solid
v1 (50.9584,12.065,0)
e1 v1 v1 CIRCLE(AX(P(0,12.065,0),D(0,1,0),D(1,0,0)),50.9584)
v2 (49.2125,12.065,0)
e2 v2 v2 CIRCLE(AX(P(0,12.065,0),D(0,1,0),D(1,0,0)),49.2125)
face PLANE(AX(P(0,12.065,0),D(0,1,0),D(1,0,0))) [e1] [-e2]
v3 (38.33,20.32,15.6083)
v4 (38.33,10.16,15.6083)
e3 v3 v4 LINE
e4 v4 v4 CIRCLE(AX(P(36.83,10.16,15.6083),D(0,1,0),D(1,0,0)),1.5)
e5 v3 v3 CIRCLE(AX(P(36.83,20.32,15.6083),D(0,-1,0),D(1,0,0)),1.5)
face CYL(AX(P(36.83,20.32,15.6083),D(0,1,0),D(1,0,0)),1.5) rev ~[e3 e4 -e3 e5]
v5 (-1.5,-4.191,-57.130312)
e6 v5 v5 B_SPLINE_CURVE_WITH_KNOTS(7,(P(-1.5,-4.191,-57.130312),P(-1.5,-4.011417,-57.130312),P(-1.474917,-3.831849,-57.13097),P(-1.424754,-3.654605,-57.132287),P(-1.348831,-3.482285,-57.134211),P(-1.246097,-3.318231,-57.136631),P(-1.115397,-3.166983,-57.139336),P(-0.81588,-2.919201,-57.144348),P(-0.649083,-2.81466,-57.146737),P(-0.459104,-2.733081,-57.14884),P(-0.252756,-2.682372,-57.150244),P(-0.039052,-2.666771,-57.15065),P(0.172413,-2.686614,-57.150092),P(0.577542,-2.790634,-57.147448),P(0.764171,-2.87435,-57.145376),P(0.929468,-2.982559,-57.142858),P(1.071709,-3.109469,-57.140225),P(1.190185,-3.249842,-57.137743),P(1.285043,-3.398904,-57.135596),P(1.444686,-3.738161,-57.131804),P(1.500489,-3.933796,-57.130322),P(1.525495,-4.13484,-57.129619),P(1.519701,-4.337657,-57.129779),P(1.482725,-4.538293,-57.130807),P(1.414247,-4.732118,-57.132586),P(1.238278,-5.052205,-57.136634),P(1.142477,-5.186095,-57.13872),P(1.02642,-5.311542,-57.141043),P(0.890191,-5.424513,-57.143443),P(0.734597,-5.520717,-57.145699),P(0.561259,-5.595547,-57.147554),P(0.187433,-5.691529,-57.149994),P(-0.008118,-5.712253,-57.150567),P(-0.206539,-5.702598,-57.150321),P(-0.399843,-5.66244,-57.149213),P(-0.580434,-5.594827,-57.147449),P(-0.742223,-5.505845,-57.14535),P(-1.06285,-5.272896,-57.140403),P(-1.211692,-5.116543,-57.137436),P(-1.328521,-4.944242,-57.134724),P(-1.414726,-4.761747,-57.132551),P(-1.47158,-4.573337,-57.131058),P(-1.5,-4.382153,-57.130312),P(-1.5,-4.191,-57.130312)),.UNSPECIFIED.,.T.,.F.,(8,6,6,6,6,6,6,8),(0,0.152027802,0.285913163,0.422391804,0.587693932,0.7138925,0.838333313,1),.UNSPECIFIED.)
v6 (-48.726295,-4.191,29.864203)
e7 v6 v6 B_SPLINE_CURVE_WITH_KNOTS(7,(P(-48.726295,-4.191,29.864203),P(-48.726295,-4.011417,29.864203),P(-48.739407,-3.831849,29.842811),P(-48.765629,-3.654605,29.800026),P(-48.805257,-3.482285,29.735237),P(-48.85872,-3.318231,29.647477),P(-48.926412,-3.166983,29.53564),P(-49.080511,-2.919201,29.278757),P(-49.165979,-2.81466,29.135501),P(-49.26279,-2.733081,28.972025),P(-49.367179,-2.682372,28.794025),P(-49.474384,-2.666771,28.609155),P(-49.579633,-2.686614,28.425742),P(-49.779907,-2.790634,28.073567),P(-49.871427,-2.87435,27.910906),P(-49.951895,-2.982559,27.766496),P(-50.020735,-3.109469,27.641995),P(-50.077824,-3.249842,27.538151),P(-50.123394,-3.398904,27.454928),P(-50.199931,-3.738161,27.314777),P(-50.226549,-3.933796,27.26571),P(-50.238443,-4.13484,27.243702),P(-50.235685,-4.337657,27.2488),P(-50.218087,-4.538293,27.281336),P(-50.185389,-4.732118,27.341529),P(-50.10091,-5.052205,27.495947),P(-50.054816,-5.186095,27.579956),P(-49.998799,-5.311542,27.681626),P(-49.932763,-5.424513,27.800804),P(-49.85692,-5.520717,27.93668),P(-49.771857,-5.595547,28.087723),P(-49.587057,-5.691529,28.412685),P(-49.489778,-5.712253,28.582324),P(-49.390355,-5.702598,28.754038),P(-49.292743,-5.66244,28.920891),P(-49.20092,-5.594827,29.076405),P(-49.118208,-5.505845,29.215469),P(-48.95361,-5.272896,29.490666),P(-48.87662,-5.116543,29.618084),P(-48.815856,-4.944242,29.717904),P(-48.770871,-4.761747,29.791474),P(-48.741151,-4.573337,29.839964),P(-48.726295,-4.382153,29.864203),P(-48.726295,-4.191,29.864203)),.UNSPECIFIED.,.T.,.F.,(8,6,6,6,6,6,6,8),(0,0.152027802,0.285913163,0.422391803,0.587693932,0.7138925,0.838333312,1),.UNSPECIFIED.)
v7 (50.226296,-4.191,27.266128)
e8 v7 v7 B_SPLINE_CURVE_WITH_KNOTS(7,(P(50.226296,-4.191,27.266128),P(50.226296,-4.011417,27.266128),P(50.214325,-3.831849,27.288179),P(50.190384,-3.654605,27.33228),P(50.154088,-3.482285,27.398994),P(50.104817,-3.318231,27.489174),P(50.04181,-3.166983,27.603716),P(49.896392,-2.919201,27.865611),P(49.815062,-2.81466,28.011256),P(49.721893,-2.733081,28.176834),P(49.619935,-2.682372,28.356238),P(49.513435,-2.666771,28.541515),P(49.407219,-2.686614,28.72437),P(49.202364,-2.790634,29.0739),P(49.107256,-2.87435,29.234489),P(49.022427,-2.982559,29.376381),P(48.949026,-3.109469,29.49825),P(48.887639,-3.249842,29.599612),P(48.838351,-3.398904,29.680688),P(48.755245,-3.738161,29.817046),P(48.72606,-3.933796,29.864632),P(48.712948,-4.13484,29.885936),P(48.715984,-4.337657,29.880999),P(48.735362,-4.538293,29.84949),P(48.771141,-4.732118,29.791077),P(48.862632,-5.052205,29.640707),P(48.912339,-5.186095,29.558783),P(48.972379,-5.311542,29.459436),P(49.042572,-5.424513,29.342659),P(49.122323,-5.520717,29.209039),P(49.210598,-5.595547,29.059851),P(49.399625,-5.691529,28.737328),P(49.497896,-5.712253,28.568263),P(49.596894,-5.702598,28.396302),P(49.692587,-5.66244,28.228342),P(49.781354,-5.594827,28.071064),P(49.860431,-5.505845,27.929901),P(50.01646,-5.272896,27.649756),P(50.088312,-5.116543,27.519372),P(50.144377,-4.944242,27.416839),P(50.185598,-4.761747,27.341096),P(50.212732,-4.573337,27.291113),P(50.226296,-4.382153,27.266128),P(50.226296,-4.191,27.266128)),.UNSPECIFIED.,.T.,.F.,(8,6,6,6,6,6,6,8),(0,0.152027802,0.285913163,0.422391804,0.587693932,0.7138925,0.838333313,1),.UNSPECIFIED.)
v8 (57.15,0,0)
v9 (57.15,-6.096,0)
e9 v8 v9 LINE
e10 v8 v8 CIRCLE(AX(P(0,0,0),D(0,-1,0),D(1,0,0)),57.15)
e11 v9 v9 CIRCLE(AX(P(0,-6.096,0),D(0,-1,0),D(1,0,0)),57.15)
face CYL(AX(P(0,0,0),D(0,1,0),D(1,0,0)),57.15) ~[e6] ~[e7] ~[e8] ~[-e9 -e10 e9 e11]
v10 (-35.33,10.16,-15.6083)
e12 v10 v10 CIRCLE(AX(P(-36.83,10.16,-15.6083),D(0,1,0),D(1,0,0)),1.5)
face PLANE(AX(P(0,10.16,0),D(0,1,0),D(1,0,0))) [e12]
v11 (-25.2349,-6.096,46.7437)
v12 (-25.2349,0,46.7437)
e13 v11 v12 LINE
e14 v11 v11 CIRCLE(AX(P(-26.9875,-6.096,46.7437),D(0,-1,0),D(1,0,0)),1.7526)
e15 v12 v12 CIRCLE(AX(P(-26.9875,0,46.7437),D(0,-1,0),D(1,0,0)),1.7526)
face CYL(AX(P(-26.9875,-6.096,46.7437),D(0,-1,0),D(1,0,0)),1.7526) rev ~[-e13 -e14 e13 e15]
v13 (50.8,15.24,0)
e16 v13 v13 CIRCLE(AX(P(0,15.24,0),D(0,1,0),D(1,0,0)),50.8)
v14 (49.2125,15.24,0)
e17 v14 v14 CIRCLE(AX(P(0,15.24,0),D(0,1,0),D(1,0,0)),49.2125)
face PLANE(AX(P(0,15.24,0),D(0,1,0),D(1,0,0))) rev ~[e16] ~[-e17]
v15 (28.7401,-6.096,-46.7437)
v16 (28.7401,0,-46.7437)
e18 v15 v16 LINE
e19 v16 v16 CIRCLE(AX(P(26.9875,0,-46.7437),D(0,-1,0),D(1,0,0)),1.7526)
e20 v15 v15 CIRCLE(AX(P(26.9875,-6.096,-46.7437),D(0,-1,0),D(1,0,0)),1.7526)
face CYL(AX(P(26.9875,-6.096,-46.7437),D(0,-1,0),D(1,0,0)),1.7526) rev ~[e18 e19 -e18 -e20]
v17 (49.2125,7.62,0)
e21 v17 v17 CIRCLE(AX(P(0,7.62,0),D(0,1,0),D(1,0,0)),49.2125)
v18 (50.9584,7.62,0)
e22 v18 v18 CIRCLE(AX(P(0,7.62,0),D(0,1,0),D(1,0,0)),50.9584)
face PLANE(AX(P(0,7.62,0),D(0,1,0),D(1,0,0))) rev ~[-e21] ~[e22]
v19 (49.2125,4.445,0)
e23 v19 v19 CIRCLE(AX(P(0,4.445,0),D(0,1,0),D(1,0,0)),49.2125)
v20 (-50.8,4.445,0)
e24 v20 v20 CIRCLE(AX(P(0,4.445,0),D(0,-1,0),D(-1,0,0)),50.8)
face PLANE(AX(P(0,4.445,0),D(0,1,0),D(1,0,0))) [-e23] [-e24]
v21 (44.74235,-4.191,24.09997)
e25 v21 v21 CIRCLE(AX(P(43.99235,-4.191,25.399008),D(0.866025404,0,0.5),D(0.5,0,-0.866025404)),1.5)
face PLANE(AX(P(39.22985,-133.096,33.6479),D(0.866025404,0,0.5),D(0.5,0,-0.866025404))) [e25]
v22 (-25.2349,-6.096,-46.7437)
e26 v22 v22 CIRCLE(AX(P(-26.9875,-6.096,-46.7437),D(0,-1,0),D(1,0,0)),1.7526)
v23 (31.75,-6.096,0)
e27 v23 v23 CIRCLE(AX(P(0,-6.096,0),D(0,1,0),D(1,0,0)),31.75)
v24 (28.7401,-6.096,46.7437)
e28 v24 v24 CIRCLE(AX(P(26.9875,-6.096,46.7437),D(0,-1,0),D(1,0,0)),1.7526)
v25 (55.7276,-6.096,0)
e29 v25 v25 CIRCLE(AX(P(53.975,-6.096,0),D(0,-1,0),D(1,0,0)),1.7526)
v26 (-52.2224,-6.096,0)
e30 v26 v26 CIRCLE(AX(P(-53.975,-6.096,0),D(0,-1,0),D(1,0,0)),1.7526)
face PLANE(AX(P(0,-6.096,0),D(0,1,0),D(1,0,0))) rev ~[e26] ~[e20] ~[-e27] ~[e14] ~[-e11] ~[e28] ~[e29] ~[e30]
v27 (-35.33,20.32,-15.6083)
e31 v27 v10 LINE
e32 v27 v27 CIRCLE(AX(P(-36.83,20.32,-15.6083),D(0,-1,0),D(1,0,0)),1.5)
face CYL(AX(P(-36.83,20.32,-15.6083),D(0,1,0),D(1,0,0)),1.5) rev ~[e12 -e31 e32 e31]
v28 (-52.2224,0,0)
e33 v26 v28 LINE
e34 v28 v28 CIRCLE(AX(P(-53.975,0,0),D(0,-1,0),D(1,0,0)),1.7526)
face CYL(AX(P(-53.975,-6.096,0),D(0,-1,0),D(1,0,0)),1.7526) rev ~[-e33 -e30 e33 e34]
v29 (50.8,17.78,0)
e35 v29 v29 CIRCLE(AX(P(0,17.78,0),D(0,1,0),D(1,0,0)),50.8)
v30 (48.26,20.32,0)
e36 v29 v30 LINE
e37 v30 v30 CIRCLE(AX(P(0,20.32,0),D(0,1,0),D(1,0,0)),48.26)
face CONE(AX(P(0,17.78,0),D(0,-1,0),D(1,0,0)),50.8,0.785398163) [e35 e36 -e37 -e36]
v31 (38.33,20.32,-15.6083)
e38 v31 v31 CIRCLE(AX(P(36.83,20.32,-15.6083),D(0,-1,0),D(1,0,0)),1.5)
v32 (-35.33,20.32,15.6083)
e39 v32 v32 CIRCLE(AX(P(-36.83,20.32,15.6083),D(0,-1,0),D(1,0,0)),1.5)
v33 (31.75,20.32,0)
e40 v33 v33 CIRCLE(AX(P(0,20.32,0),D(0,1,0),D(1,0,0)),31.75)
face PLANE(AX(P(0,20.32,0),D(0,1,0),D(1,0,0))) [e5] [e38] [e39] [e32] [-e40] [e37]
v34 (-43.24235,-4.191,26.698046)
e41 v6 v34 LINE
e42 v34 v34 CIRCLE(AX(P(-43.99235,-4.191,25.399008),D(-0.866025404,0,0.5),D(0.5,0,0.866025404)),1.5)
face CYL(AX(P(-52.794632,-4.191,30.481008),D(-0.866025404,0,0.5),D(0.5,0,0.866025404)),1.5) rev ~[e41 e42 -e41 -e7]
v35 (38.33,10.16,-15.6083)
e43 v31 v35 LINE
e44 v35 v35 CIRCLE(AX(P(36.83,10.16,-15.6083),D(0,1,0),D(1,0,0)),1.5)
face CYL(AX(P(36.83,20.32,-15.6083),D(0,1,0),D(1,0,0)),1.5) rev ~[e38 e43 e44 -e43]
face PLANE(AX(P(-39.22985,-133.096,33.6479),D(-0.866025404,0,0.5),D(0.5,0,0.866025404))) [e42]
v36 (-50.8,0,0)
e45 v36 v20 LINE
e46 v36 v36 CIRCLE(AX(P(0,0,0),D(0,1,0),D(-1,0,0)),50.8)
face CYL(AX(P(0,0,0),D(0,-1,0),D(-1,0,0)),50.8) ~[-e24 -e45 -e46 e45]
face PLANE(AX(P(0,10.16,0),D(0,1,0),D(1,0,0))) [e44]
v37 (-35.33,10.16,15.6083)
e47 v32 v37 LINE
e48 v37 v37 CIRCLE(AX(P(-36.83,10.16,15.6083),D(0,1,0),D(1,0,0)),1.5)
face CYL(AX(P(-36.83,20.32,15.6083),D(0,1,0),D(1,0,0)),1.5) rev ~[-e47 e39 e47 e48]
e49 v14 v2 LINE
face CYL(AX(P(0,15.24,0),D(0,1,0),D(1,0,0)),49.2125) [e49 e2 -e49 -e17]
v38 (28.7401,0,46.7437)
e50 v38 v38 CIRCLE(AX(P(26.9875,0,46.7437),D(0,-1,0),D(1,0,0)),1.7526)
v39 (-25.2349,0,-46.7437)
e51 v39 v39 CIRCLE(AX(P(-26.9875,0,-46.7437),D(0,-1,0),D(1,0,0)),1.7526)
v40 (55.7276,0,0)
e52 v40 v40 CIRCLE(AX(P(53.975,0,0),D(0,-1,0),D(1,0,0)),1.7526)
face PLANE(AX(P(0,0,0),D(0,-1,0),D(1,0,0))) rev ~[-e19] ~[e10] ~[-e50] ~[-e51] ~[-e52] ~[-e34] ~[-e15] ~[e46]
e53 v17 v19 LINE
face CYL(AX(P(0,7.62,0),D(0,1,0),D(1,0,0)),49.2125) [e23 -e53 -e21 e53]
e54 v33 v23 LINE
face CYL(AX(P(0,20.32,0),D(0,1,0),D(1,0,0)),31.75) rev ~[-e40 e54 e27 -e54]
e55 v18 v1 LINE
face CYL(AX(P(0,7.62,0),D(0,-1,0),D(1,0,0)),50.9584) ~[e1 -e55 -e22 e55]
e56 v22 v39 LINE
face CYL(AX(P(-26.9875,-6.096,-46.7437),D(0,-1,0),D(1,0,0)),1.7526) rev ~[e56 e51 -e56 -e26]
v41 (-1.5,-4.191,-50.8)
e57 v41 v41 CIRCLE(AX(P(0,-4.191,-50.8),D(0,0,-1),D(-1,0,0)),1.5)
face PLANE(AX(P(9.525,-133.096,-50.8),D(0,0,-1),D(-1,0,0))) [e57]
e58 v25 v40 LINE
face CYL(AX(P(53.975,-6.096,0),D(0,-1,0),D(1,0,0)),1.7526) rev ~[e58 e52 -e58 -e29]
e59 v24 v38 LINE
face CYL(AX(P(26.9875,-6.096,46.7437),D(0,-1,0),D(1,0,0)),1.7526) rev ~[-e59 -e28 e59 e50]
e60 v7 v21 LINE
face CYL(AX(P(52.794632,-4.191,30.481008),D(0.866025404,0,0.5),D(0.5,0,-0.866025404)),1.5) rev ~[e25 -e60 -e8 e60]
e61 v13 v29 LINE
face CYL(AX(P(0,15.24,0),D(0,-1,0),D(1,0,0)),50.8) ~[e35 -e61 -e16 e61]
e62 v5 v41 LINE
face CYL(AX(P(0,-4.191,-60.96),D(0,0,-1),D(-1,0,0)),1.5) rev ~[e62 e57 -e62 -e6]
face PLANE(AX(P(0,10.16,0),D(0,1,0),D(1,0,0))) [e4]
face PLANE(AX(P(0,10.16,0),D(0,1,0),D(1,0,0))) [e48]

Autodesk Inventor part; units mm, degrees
ref_plane "YZ Plane" through (0, 0, 0) normal (1, 0, 0) x (0, 1, 0)
sketch "Sketch1" plane through (0, 0, 0) normal (0, 1, 0) x (-1, 0, 0)
  circle A0 centre (0, 0) radius 50.8
  dimension "d0" = 101.6
extrude "Extrusion1" add sketch "Sketch1" along normal blind 7.62
sketch "Sketch2" plane through (0, 7.62, 0) normal (0, 1, 0) x (1, 0, 0)
  circle A0 centre (0, 0) radius 49.2125
  circle A1 centre (0, 0) radius 50.8
  dimension "d3" = 98.425
extrude "Extrusion2" cut sketch "Sketch2" against normal blind 3.175
sketch "Sketch3" plane through (0, 7.62, 0) normal (0, 1, 0) x (1, 0, 0)
  circle A0 centre (0, 0) radius 50.9584
extrude "Extrusion3" add sketch "Sketch3" along normal blind 7.62
sketch "Sketch4" plane through (0, 15.24, 0) normal (0, 1, 0) x (1, 0, 0)
  point P0 (0, 0)
sketch "Sketch5" plane through (0, 15.24, 0) normal (0, 1, 0) x (1, 0, 0)
  circle A0 centre (0, 0) radius 49.2125
  circle A1 centre (0, 0) radius 50.9584
  dimension "d8" = 98.425
extrude "Extrusion4" cut sketch "Sketch5" against normal blind 3.175
sketch "Sketch6" plane through (0, 15.24, 0) normal (0, 1, 0) x (1, 0, 0)
  circle A0 centre (0, 0) radius 50.8
  dimension "d11" = 101.6
extrude "Extrusion5" add sketch "Sketch6" along normal blind 5.08
sketch "Sketch7" plane through (0, 0, 0) normal (0, -1, 0) x (1, 0, 0)
  circle A0 centre (0, 0) radius 57.15
  dimension "d14" = 114.3
extrude "Extrusion6" add sketch "Sketch7" along normal blind 6.096
chamfer "Chamfer1" distance 2.54 angle 45 1 edges at (-50.8, 20.32, 0)
sketch "Sketch8" plane through (0, -6.096, 0) normal (0, -1, 0) x (1, 0, 0)
  circle A0 centre (0, 0) radius 50.8
  circle A1 centre (53.975, 0) radius 1.7526
  circle A2 centre (26.9875, 46.7437) radius 1.7526
  circle A3 centre (-26.9875, 46.7437) radius 1.7526
  circle A4 centre (-53.975, 0) radius 1.7526
  circle A5 centre (-26.9875, -46.7437) radius 1.7526
  circle A6 centre (26.9875, -46.7437) radius 1.7526
  dimension "d20" = 3.5052
  dimension "d21" = 53.975
  dimension "d24" = 360
extrude "Extrusion7" cut sketch "Sketch8" against normal blind 6.096 contours A1 | A2 | A3 | A4 | A5 | A6
sketch "Sketch9" plane through (0, -6.096, 0) normal (0, -1, 0) x (1, 0, 0)
  circle A0 centre (0, 0) radius 12.7
  circle A1 centre (0, 0) radius 1.27
  dimension "d28" = 25.4
  dimension "d29" = 2.54
extrude "Extrusion8" cut sketch "Sketch9" against normal blind 127 contours A1
sketch "Sketch10" plane through (0, -6.096, 0) normal (0, -1, 0) x (1, 0, 0)
  circle A0 centre (0, 0) radius 1.27 projected
  circle A1 centre (0, 0) radius 38.1
  dimension "d33" = 76.2
extrude "Extrusion9" cut sketch "Sketch10" against normal blind 9.525
sketch "Sketch11" plane through (0, 3.429, 0) normal (0, -1, 0) x (1, 0, 0)
  circle A0 centre (0, 0) radius 12.7
  circle A1 centre (0, 0) radius 1.27
  dimension "d36" = 25.4
extrude "Extrusion10" add sketch "Sketch11" along normal blind 9.525
sketch "Sketch12" plane through (0, 20.32, 0) normal (0, 1, 0) x (1, 0, 0)
  circle A0 centre (0, 0) radius 1.27 projected
  circle A1 centre (0, 0) radius 38.1
extrude "Extrusion11" cut sketch "Sketch12" against normal blind 508
sketch "Sketch13" plane through (0, -6.096, 0) normal (0, -1, 0) x (1, 0, 0)
  point P0 (0, 0)
sketch "Sketch14" plane through (0, -6.096, 0) normal (0, -1, 0) x (1, 0, 0)
  line L0 (0, -60.96) -> (12.7, -60.96)
  line L1 (0, -60.96) -> (-12.7, -60.96)
  circle A0 centre (0, 0) radius 57.15 projected
  arc A1 (-12.7, -55.721) -> (12.7, -55.721) centre (0, 0) ccw
  line L2 (12.7, -60.96) -> (12.7, -55.721)
  line L3 (-12.7, -60.96) -> (-12.7, -55.721)
  line L4 (52.7929, 30.48) -> (59.1429, 19.4815)
  line L5 (52.7929, 30.48) -> (46.4429, 41.4785)
  line L6 (46.4429, 41.4785) -> (41.9058, 38.859)
  arc A2 (54.6058, 16.862) -> (41.9058, 38.859) centre (0, 0) ccw
  line L7 (59.1429, 19.4815) -> (54.6058, 16.862)
  line L8 (-52.7929, 30.48) -> (-46.4429, 41.4785)
  line L9 (-52.7929, 30.48) -> (-59.1429, 19.4815)
  line L10 (-59.1429, 19.4815) -> (-54.6058, 16.862)
  arc A3 (-41.9058, 38.859) -> (-54.6058, 16.862) centre (0, 0) ccw
  line L11 (-46.4429, 41.4785) -> (-41.9058, 38.859)
  point P0 (0, -57.15)
  point P1 (49.4934, 28.575)
  point P2 (-49.4934, 28.575)
  dimension "d41" = 12.7
  dimension "d42" = 12.7
  dimension "d43" = 3.81
  dimension "d46" = 360
extrude "Extrusion12" add sketch "Sketch14" along normal blind 127 and the other way blind 5.08 contours L1 L3 A0 L2 L0 | L10 L9 L8 L11 A0 | A0 L6 L5 L4 L7
chamfer "Chamfer2" distance 3.175 angle 45 3 edges at (52.7929, -1.016, 30.48) (0, -1.016, -60.96) (-52.7929, -1.016, 30.48)
fillet "Fillet1" radius 3.175 6 edges at (-59.1429, -68.6435, 19.4815) (-46.4429, -68.6435, 41.4785) (-12.7, -68.6435, -60.96) (12.7, -68.6435, -60.96) (59.1429, -68.6435, 19.4815) (46.4429, -68.6435, 41.4785)
ref_plane "Work Plane1" through (-48.2558, -133.096, 27.8605) normal (-0.5, 0, -0.866) x (-0.866, 0, 0.5)
sketch "Sketch15" plane through (-48.2558, -133.096, 27.8605) normal (-0.5, 0, -0.866) x (-0.866, 0, 0.5)
  line L0 (-55.721, 148.3202) -> (-55.721, -8.2891)
  line L1 (1.429, 0) -> (0, 0) projected
  line L2 (1.429, 0) -> (-1.111, 0)
  line L3 (-1.111, 0) -> (-1.111, 38.7858)
  line L4 (-1.111, 38.7858) -> (1.429, 38.7858)
  line L5 (1.429, 38.7858) -> (1.429, 0)
  point P0 (-55.721, 133.096)
  dimension "d58" = 2.54
  dimension "d59" = 38.7858
revolve "Revolution1" add sketch "Sketch15" angle 360 about axis through (0, 15.2242, 0) along (0, -1, 0)
ref_plane "Work Plane3" through (-43.4442, -113.7031, -25.0825) normal (0.866, 0, 0.5) x (0, 1, 0)
ref_plane "Work Plane2" through (47.2936, -113.7031, 27.305) normal (0.866, 0, 0.5) x (0, 1, 0)
sketch "Sketch16" plane through (-43.4442, -113.7031, -25.0825) normal (0.866, 0, 0.5) x (0, 1, 0)
  line L0 (19.3929, 41.9058) -> (19.3929, -41.9058) projected
  line L1 (19.3929, 0) -> (-60.7336, 0)
  line L2 (19.3929, 54.6058) -> (-19.3929, 54.6058) projected
  line L3 (0, 54.6058) -> (0, -48.0304)
  line L4 (109.5121, -48.0304) -> (-19.3929, -48.0304) projected
  circle A0 centre (9.398, 0) radius 1.4986
  circle A1 centre (-9.398, 0) radius 1.4986
  circle A2 centre (0, -9.398) radius 1.4986
  circle A3 centre (0, 9.398) radius 1.4986
  point P0 (113.7031, 0)
  dimension "d64" = 2.9972
  dimension "d65" = 2.9972
  dimension "d66" = 2.9972
  dimension "d67" = 2.9972
  dimension "d68" = 18.796
  dimension "d69" = 18.796
  dimension "d70" = 18.796
  dimension "d71" = 18.796
extrude "Extrusion13" cut sketch "Sketch16" against normal blind 127
sketch "Sketch17" plane through (0, 20.32, 0) normal (0, 1, 0) x (1, 0, 0)
  circle A0 centre (0, 0) radius 38.1
  circle A1 centre (0, 0) radius 31.75
  circle A2 centre (0, 0) radius 50.8 projected
  dimension "d74" = 6.35
  dimension "d75" = 12.7
extrude "Extrusion14" add sketch "Sketch17" against normal blind 26.416 contours A0
sketch "Sketch18" plane through (48.0304, -133.096, 38.7289) normal (0.866, 0, 0.5) x (0.5, 0, -0.866)
  line L0 (0, 128.905) -> (19.05, 128.905) projected
  circle A0 centre (9.525, 128.905) radius 1.5
  point P0 (9.525, 133.096)
  dimension "d78" = 3
extrude "Extrusion15" cut sketch "Sketch18" against normal blind 10.16
sketch "Sketch19" plane through (9.525, -133.096, -60.96) normal (0, 0, -1) x (-1, 0, 0)
  line L0 (0, 128.905) -> (19.05, 128.905) projected
  circle A0 centre (9.525, 128.905) radius 1.5
  point P0 (9.525, 133.096)
  dimension "d81" = 3
extrude "Extrusion16" cut sketch "Sketch19" against normal blind 10.16
sketch "Sketch20" plane through (-48.0304, -133.096, 38.7289) normal (-0.866, 0, 0.5) x (0.5, 0, 0.866)
  line L0 (-19.05, 128.905) -> (0, 128.905) projected
  circle A0 centre (-9.525, 128.905) radius 1.5
  point P0 (-9.525, 133.096)
  dimension "d84" = 3
extrude "Extrusion17" cut sketch "Sketch20" against normal blind 10.16
sketch "Sketch21" plane through (0, -6.096, 0) normal (0, -1, 0) x (1, 0, 0)
  circle A0 centre (0, 0) radius 57.15
  circle A1 centre (0, 0) radius 50.8 projected
  circle A2 centre (0, 0) radius 64.3517
extrude "Extrusion18" cut sketch "Sketch21" along normal blind 304.8 and the other way blind 304.8 contours A2
sketch "Sketch22" plane through (0, -133.096, 0) normal (0, -1, 0) x (1, 0, 0)
  circle A0 centre (0, 0) radius 54.61
  circle A1 centre (0, 0) radius 57.15
extrude "Extrusion19" cut sketch "Sketch22" against normal blind 50.8
sketch "Sketch23" plane through (0, 20.32, 0) normal (0, 1, 0) x (1, 0, 0)
  circle A0 centre (0, 0) radius 31.75 projected
  circle A1 centre (0, 0) radius 48.26 projected
  circle A2 centre (-36.83, -15.6083) radius 1.5
  circle A3 centre (-36.83, 15.6083) radius 1.5
  circle A4 centre (36.83, -15.6083) radius 1.5
  circle A5 centre (36.83, 15.6083) radius 1.5
  line L0 (-36.83, -14.1083) -> (-36.83, 14.1083)
  line L1 (36.83, -14.1083) -> (36.83, 14.1083)
  point P0 (-36.83, 0)
  point P1 (36.83, 0)
  point P2 (-36.83, 0)
  point P3 (36.83, 0)
  dimension "d93" = 3
  dimension "d95" = 3
  dimension "d96" = 3
  dimension "d97" = 3
  dimension "d94" = 73.66
  dimension "d98" = 31.2166
  dimension "d99" = 31.2166
extrude "Extrusion20" cut sketch "Sketch23" against normal blind 10.16 contours A2 | A3 | A4 | A5
sketch "Sketch24" plane through (0, 20.32, 0) normal (0, 1, 0) x (1, 0, 0)
  circle A0 centre (36.83, 15.6083) radius 1.5 projected
  circle A1 centre (36.83, 15.6083) radius 1.5
  circle A2 centre (36.83, -15.6083) radius 1.5 projected
  circle A3 centre (36.83, -15.6083) radius 1.5
  circle A4 centre (-36.83, -15.6083) radius 1.5 projected
  circle A5 centre (-36.83, -15.6083) radius 1.5
  circle A6 centre (-36.83, 15.6083) radius 1.5 projected
  circle A7 centre (-36.83, 15.6083) radius 1.5
  line L0 (0, 0) -> (36.83, 0)
  line L1 (36.83, 0) -> (36.83, 15.6083)
  dimension "d102" = 36.83
  dimension "d103" = 15.6083
equation "\"d42\" = d41"
equation "\"d65\" = d64"
equation "\"d66\" = d65"
equation "\"d67\" = d64"
equation "\"d68\" = d69"
equation "\"d71\" = d70"
equation "\"d95\" = d93"
equation "\"d96\" = d93"
equation "\"d97\" = d96"
properties part number "O ring fitting connecting with the Control Board"
